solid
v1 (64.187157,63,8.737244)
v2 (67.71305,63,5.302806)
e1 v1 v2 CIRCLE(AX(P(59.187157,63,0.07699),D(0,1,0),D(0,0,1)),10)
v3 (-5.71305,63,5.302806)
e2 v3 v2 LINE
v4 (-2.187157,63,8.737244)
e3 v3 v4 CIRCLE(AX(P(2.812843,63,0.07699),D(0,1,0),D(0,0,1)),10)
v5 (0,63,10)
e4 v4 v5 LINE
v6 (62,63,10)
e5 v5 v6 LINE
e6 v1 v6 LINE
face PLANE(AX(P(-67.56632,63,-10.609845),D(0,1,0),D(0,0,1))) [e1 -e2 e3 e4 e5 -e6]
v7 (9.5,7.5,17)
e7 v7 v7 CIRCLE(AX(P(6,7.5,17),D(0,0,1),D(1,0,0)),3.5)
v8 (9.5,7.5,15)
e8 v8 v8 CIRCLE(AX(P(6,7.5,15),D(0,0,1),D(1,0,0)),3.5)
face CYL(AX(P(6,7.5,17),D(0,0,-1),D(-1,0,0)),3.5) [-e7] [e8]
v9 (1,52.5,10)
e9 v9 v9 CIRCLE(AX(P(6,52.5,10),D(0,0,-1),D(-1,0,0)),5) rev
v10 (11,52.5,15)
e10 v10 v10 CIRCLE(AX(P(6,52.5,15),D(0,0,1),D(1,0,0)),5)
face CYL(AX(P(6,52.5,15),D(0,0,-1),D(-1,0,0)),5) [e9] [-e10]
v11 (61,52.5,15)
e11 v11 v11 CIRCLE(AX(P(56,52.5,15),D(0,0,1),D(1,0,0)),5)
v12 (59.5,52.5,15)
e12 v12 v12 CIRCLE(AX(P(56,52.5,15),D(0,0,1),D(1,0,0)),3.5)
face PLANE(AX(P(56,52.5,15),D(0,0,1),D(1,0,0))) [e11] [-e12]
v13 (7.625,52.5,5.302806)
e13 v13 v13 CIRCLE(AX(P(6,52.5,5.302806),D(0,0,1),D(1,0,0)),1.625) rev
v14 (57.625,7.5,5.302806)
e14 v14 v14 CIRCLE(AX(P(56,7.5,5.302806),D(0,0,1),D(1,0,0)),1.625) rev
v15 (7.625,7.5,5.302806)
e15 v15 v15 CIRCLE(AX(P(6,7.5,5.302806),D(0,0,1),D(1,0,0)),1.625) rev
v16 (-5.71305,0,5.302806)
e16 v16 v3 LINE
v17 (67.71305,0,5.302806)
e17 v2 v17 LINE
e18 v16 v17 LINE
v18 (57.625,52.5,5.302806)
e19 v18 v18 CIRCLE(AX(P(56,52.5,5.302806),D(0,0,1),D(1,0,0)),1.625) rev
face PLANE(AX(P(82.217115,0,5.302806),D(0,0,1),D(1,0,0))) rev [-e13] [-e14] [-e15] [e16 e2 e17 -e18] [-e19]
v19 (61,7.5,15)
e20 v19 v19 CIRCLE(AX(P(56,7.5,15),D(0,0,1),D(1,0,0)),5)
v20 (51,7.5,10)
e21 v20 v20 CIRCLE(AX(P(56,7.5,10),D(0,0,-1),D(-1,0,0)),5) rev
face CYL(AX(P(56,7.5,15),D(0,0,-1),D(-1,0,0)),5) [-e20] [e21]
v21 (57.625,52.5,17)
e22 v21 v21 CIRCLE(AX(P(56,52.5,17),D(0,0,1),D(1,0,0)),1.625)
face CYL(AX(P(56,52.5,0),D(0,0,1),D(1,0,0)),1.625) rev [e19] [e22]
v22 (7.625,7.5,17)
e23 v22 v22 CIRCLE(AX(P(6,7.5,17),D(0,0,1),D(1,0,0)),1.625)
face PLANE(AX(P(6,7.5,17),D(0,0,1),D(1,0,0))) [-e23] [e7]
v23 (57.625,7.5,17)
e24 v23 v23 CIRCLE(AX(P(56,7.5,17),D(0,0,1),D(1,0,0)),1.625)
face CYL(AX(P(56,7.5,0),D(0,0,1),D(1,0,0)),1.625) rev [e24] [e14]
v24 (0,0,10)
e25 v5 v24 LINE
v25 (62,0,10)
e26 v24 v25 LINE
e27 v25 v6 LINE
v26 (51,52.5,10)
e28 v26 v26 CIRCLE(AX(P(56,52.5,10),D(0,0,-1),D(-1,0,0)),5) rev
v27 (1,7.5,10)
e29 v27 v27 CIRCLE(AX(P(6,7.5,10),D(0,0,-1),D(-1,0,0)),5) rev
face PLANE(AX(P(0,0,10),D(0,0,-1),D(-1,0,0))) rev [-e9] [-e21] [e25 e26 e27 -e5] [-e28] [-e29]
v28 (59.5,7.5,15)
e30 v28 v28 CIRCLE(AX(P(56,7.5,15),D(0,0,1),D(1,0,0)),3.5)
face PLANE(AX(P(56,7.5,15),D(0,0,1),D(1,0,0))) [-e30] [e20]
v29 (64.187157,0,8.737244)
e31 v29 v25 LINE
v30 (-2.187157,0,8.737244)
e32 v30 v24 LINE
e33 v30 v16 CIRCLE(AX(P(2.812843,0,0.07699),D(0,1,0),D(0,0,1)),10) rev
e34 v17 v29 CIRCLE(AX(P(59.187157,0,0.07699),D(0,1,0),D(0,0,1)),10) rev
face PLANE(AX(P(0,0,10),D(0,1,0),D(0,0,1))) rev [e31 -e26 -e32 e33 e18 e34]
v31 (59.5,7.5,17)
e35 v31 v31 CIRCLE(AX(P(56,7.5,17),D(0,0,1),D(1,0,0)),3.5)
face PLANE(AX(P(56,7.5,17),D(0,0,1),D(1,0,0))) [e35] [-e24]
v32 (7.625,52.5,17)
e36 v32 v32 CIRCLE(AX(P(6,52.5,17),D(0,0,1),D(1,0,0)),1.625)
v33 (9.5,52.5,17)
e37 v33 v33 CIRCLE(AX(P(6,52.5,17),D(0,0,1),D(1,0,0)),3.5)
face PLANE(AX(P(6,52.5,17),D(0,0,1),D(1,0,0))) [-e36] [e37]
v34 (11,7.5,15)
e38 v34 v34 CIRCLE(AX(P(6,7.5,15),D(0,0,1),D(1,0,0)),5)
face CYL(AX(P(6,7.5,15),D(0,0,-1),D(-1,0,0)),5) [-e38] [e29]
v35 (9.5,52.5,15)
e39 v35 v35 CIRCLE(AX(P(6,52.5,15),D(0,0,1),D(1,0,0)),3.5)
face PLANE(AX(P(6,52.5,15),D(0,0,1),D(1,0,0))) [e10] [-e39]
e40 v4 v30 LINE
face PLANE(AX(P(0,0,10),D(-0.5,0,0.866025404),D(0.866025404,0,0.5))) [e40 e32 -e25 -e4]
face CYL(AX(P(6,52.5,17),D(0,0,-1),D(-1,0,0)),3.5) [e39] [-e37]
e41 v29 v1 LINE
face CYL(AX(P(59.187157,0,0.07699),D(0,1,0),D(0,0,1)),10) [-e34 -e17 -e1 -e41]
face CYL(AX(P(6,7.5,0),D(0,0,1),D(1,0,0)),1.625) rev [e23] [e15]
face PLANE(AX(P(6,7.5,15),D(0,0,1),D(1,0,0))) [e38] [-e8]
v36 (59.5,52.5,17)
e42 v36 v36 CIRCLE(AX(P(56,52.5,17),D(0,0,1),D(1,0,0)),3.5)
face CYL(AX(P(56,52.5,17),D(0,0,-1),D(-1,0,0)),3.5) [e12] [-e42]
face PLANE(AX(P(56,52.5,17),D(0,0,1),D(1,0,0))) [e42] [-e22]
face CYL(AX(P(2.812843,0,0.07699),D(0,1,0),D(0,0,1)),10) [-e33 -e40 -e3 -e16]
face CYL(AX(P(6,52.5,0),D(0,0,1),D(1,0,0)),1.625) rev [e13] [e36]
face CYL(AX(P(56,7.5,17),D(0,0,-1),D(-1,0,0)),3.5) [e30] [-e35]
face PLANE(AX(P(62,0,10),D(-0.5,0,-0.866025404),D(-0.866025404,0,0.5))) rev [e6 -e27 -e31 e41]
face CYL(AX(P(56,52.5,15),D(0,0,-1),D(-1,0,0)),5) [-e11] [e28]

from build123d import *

# Parameters (mm, degrees)
ESQUISSE1_W                  = 62
ESQUISSE1_H                  = 60
BOSS_EXTRU_1_DEPTH           = 10
ESQUISSE3_R                  = 5
BOSS_EXTRU_2_DEPTH           = 5
ESQUISSE4_R                  = 3.5
BOSS_EXTRU_3_DEPTH           = 2
ESQUISSE5_R                  = 1.625
ENL_V_MAT_EXTRU_2_DEPTH      = 88.93747779
BOSS_EXTRU_4_DEPTH           = 3
ESQUISSE9_R                  = 11
ESQUISSE9_R_2                = 1.625
ESQUISSE9_R_3                = 1.5
ENL_V_MAT_EXTRU_4_DEPTH      = 10
BOSS_EXTRU_6_DEPTH           = 63
ENL_V_MAT_EXTRU_6_DEPTH      = 4
ENL_V_MAT_EXTRU_7_DEPTH      = 102
ENL_V_MAT_EXTRU_8_DEPTH      = 23
ENL_V_MAT_EXTRU_8_DEPTH_BACK = 1
ESQUISSE19_W                 = 42
ESQUISSE19_H                 = 42
CHANFREIN1_SIZE              = 1
CONG_1_R                     = 10
ESQUISSE20_W                 = 96.792413771
ESQUISSE20_H                 = 78.280203487
ENL_V_MAT_EXTRU_10_DEPTH     = 107.575890285


with BuildPart() as part:
    # Esquisse1 → Boss.-Extru.1 (new body)
    with BuildSketch(Plane.XY):
        with Locations((31, 30)):
            Rectangle(ESQUISSE1_W, ESQUISSE1_H)
    extrude(amount=BOSS_EXTRU_1_DEPTH)

    # Esquisse3 → Boss.-Extru.2 (add)
    with BuildSketch(Plane.XY.offset(10)):
        with Locations(Location((6, 52.5, 0), (0, 0, 180))):
            Circle(ESQUISSE3_R)
        with Locations(Location((56, 7.5, 0), (0, 0, 180))):
            Circle(ESQUISSE3_R)
        with Locations(Location((6, 7.5, 0), (0, 0, 180))):
            Circle(ESQUISSE3_R)
        with Locations(Location((56, 52.5, 0), (0, 0, 180))):
            Circle(ESQUISSE3_R)
    extrude(amount=BOSS_EXTRU_2_DEPTH)

    # Esquisse4 → Boss.-Extru.3 (add)
    with BuildSketch(Plane.XY.offset(15)):
        with Locations((6, 52.5)):
            Circle(ESQUISSE4_R)
        with Locations((56, 52.5)):
            Circle(ESQUISSE4_R)
        with Locations((56, 7.5)):
            Circle(ESQUISSE4_R)
        with Locations((6, 7.5)):
            Circle(ESQUISSE4_R)
    extrude(amount=BOSS_EXTRU_3_DEPTH)

    # Esquisse5 → Enlèv. mat.-Extru.2 (cut, through all)
    with BuildSketch(Plane.XY.offset(17)):
        with Locations((6, 52.5)):
            Circle(ESQUISSE5_R)
        with Locations((56, 52.5)):
            Circle(ESQUISSE5_R)
        with Locations((56, 7.5)):
            Circle(ESQUISSE5_R)
        with Locations((6, 7.5)):
            Circle(ESQUISSE5_R)
    extrude(amount=-ENL_V_MAT_EXTRU_2_DEPTH, mode=Mode.SUBTRACT)

    # Esquisse7 → Boss.-Extru.4 (add, symmetric)
    with BuildSketch(Plane(origin=(0, 60, 0), x_dir=(1, 0, 0), z_dir=(0, 1, 0))):
        with BuildLine():
            Line((0, 0), (0, -10))
            Line((0, -10), (62, -10))
            Line((62, -10), (62, 0))
            ThreePointArc((62, 0), (61.543258885, 25.799206928), (56, 51))
            Line((56, 51), (6, 51))
            ThreePointArc((6, 51), (0.456741115, 25.799206928), (0, 0))
        make_face()
    extrude(amount=BOSS_EXTRU_4_DEPTH, both=True)

    # Esquisse9 → Enlèv. mat.-Extru.4 (cut)
    with BuildSketch(Plane(origin=(0, 63, 0), x_dir=(1, 0, 0), z_dir=(0, 1, 0))):
        with Locations(Location((31, 30, 0), (0, 0, 270))):
            Circle(ESQUISSE9_R)
        with Locations(Location((46.5, 14.5, 0), (0, 0, 270))):
            Circle(ESQUISSE9_R_2)
        with Locations(Location((15.5, 14.5, 0), (0, 0, 270))):
            Circle(ESQUISSE9_R_2)
        with Locations(Location((15.5, 45.5, 0), (0, 0, 270))):
            Circle(ESQUISSE9_R_2)
        with Locations(Location((46.5, 45.5, 0), (0, 0, 270))):
            Circle(ESQUISSE9_R_2)
        with Locations(Location((56, 18, 0), (0, 0, 270))):
            Circle(ESQUISSE9_R_3)
        with Locations(Location((6, 18, 0), (0, 0, 270))):
            Circle(ESQUISSE9_R_3)
    extrude(amount=-ENL_V_MAT_EXTRU_4_DEPTH, mode=Mode.SUBTRACT)

    # Esquisse14 → Boss.-Extru.6 (add)
    with BuildSketch(Plane(origin=(0, 63, 0), x_dir=(1, 0, 0), z_dir=(0, 1, 0))):
        with BuildLine():
            Line((0, 0), (0, -10))
            Line((0, -10), (-6.92820323, -6))
            ThreePointArc((-6.92820323, -6), (-4.721429116, 23.465606932), (6, 51))
            Line((6, 51), (11.044473074, 51))
            ThreePointArc((11.044473074, 51), (2.937001082, 26.059854184), (0, 0))
        make_face()
    boss_extru_6 = extrude(amount=-BOSS_EXTRU_6_DEPTH)

    # Symétrie1: Boss.-Extru.6 across plane
    add(boss_extru_6.mirror(Plane(origin=(31, 0, 0), x_dir=(0, 0, 1), z_dir=(1, 0, 0))))

    # Esquisse16 → Enlèv. mat.-Extru.6 (cut)
    with BuildSketch(Plane.XZ.offset(-57)):
        Polygon((10.041451884, -18), (8.020725942, -14.5), (3.979274058, -14.5), (1.958548116, -18), (3.979274058, -21.5), (8.020725942, -21.5), align=None)
        Polygon((60.041451884, -18), (58.020725942, -14.5), (53.979274058, -14.5), (51.958548116, -18), (53.979274058, -21.5), (58.020725942, -21.5), align=None)
    extrude(amount=-ENL_V_MAT_EXTRU_6_DEPTH, mode=Mode.SUBTRACT)

    # Esquisse18 → Enlèv. mat.-Extru.7 (cut, symmetric)
    with BuildSketch(Plane(origin=(0, 0, 0), x_dir=(0, 0, -1), z_dir=(1, 0, 0))):
        with BuildLine():
            Line((51, 53), (51, 0))
            Line((51, 0), (0, 0))
            ThreePointArc((0, 0), (17.977874458, 33.738271748), (51, 53))
        make_face()
    extrude(amount=ENL_V_MAT_EXTRU_7_DEPTH, both=True, mode=Mode.SUBTRACT)

    # Esquisse19 → Enlèv. mat.-Extru.8 (cut, two sides: drawn at the far end of the back side and taken through both)
    with BuildSketch(Plane.XZ.offset(-57).offset(-ENL_V_MAT_EXTRU_8_DEPTH_BACK)):
        with Locations((31, -30)):
            Rectangle(ESQUISSE19_W, ESQUISSE19_H)
    extrude(amount=ENL_V_MAT_EXTRU_8_DEPTH + ENL_V_MAT_EXTRU_8_DEPTH_BACK, mode=Mode.SUBTRACT)

    # Chanfrein1
    chanfrein1_edges = [part.edges().sort_by_distance(p)[0] for p in [
        (31, 63, -41),
    ]]
    chamfer(chanfrein1_edges, length=CHANFREIN1_SIZE)

    # Congé1
    cong_1_edges = [part.edges().sort_by_distance(p)[0] for p in [
        (-6.92820323, 31.5, 6),
        (68.92820323, 31.5, 6),
    ]]
    fillet(cong_1_edges, radius=CONG_1_R)

    # Esquisse20 → Enlèv. mat.-Extru.10 (cut, through all)
    with BuildSketch(Plane(origin=(0, 63, 0), x_dir=(1, 0, 0), z_dir=(0, 1, 0))):
        with Locations((33.820908233, 33.83729602)):
            Rectangle(ESQUISSE20_W, ESQUISSE20_H)
    extrude(amount=-ENL_V_MAT_EXTRU_10_DEPTH, mode=Mode.SUBTRACT)


solid = part.part
